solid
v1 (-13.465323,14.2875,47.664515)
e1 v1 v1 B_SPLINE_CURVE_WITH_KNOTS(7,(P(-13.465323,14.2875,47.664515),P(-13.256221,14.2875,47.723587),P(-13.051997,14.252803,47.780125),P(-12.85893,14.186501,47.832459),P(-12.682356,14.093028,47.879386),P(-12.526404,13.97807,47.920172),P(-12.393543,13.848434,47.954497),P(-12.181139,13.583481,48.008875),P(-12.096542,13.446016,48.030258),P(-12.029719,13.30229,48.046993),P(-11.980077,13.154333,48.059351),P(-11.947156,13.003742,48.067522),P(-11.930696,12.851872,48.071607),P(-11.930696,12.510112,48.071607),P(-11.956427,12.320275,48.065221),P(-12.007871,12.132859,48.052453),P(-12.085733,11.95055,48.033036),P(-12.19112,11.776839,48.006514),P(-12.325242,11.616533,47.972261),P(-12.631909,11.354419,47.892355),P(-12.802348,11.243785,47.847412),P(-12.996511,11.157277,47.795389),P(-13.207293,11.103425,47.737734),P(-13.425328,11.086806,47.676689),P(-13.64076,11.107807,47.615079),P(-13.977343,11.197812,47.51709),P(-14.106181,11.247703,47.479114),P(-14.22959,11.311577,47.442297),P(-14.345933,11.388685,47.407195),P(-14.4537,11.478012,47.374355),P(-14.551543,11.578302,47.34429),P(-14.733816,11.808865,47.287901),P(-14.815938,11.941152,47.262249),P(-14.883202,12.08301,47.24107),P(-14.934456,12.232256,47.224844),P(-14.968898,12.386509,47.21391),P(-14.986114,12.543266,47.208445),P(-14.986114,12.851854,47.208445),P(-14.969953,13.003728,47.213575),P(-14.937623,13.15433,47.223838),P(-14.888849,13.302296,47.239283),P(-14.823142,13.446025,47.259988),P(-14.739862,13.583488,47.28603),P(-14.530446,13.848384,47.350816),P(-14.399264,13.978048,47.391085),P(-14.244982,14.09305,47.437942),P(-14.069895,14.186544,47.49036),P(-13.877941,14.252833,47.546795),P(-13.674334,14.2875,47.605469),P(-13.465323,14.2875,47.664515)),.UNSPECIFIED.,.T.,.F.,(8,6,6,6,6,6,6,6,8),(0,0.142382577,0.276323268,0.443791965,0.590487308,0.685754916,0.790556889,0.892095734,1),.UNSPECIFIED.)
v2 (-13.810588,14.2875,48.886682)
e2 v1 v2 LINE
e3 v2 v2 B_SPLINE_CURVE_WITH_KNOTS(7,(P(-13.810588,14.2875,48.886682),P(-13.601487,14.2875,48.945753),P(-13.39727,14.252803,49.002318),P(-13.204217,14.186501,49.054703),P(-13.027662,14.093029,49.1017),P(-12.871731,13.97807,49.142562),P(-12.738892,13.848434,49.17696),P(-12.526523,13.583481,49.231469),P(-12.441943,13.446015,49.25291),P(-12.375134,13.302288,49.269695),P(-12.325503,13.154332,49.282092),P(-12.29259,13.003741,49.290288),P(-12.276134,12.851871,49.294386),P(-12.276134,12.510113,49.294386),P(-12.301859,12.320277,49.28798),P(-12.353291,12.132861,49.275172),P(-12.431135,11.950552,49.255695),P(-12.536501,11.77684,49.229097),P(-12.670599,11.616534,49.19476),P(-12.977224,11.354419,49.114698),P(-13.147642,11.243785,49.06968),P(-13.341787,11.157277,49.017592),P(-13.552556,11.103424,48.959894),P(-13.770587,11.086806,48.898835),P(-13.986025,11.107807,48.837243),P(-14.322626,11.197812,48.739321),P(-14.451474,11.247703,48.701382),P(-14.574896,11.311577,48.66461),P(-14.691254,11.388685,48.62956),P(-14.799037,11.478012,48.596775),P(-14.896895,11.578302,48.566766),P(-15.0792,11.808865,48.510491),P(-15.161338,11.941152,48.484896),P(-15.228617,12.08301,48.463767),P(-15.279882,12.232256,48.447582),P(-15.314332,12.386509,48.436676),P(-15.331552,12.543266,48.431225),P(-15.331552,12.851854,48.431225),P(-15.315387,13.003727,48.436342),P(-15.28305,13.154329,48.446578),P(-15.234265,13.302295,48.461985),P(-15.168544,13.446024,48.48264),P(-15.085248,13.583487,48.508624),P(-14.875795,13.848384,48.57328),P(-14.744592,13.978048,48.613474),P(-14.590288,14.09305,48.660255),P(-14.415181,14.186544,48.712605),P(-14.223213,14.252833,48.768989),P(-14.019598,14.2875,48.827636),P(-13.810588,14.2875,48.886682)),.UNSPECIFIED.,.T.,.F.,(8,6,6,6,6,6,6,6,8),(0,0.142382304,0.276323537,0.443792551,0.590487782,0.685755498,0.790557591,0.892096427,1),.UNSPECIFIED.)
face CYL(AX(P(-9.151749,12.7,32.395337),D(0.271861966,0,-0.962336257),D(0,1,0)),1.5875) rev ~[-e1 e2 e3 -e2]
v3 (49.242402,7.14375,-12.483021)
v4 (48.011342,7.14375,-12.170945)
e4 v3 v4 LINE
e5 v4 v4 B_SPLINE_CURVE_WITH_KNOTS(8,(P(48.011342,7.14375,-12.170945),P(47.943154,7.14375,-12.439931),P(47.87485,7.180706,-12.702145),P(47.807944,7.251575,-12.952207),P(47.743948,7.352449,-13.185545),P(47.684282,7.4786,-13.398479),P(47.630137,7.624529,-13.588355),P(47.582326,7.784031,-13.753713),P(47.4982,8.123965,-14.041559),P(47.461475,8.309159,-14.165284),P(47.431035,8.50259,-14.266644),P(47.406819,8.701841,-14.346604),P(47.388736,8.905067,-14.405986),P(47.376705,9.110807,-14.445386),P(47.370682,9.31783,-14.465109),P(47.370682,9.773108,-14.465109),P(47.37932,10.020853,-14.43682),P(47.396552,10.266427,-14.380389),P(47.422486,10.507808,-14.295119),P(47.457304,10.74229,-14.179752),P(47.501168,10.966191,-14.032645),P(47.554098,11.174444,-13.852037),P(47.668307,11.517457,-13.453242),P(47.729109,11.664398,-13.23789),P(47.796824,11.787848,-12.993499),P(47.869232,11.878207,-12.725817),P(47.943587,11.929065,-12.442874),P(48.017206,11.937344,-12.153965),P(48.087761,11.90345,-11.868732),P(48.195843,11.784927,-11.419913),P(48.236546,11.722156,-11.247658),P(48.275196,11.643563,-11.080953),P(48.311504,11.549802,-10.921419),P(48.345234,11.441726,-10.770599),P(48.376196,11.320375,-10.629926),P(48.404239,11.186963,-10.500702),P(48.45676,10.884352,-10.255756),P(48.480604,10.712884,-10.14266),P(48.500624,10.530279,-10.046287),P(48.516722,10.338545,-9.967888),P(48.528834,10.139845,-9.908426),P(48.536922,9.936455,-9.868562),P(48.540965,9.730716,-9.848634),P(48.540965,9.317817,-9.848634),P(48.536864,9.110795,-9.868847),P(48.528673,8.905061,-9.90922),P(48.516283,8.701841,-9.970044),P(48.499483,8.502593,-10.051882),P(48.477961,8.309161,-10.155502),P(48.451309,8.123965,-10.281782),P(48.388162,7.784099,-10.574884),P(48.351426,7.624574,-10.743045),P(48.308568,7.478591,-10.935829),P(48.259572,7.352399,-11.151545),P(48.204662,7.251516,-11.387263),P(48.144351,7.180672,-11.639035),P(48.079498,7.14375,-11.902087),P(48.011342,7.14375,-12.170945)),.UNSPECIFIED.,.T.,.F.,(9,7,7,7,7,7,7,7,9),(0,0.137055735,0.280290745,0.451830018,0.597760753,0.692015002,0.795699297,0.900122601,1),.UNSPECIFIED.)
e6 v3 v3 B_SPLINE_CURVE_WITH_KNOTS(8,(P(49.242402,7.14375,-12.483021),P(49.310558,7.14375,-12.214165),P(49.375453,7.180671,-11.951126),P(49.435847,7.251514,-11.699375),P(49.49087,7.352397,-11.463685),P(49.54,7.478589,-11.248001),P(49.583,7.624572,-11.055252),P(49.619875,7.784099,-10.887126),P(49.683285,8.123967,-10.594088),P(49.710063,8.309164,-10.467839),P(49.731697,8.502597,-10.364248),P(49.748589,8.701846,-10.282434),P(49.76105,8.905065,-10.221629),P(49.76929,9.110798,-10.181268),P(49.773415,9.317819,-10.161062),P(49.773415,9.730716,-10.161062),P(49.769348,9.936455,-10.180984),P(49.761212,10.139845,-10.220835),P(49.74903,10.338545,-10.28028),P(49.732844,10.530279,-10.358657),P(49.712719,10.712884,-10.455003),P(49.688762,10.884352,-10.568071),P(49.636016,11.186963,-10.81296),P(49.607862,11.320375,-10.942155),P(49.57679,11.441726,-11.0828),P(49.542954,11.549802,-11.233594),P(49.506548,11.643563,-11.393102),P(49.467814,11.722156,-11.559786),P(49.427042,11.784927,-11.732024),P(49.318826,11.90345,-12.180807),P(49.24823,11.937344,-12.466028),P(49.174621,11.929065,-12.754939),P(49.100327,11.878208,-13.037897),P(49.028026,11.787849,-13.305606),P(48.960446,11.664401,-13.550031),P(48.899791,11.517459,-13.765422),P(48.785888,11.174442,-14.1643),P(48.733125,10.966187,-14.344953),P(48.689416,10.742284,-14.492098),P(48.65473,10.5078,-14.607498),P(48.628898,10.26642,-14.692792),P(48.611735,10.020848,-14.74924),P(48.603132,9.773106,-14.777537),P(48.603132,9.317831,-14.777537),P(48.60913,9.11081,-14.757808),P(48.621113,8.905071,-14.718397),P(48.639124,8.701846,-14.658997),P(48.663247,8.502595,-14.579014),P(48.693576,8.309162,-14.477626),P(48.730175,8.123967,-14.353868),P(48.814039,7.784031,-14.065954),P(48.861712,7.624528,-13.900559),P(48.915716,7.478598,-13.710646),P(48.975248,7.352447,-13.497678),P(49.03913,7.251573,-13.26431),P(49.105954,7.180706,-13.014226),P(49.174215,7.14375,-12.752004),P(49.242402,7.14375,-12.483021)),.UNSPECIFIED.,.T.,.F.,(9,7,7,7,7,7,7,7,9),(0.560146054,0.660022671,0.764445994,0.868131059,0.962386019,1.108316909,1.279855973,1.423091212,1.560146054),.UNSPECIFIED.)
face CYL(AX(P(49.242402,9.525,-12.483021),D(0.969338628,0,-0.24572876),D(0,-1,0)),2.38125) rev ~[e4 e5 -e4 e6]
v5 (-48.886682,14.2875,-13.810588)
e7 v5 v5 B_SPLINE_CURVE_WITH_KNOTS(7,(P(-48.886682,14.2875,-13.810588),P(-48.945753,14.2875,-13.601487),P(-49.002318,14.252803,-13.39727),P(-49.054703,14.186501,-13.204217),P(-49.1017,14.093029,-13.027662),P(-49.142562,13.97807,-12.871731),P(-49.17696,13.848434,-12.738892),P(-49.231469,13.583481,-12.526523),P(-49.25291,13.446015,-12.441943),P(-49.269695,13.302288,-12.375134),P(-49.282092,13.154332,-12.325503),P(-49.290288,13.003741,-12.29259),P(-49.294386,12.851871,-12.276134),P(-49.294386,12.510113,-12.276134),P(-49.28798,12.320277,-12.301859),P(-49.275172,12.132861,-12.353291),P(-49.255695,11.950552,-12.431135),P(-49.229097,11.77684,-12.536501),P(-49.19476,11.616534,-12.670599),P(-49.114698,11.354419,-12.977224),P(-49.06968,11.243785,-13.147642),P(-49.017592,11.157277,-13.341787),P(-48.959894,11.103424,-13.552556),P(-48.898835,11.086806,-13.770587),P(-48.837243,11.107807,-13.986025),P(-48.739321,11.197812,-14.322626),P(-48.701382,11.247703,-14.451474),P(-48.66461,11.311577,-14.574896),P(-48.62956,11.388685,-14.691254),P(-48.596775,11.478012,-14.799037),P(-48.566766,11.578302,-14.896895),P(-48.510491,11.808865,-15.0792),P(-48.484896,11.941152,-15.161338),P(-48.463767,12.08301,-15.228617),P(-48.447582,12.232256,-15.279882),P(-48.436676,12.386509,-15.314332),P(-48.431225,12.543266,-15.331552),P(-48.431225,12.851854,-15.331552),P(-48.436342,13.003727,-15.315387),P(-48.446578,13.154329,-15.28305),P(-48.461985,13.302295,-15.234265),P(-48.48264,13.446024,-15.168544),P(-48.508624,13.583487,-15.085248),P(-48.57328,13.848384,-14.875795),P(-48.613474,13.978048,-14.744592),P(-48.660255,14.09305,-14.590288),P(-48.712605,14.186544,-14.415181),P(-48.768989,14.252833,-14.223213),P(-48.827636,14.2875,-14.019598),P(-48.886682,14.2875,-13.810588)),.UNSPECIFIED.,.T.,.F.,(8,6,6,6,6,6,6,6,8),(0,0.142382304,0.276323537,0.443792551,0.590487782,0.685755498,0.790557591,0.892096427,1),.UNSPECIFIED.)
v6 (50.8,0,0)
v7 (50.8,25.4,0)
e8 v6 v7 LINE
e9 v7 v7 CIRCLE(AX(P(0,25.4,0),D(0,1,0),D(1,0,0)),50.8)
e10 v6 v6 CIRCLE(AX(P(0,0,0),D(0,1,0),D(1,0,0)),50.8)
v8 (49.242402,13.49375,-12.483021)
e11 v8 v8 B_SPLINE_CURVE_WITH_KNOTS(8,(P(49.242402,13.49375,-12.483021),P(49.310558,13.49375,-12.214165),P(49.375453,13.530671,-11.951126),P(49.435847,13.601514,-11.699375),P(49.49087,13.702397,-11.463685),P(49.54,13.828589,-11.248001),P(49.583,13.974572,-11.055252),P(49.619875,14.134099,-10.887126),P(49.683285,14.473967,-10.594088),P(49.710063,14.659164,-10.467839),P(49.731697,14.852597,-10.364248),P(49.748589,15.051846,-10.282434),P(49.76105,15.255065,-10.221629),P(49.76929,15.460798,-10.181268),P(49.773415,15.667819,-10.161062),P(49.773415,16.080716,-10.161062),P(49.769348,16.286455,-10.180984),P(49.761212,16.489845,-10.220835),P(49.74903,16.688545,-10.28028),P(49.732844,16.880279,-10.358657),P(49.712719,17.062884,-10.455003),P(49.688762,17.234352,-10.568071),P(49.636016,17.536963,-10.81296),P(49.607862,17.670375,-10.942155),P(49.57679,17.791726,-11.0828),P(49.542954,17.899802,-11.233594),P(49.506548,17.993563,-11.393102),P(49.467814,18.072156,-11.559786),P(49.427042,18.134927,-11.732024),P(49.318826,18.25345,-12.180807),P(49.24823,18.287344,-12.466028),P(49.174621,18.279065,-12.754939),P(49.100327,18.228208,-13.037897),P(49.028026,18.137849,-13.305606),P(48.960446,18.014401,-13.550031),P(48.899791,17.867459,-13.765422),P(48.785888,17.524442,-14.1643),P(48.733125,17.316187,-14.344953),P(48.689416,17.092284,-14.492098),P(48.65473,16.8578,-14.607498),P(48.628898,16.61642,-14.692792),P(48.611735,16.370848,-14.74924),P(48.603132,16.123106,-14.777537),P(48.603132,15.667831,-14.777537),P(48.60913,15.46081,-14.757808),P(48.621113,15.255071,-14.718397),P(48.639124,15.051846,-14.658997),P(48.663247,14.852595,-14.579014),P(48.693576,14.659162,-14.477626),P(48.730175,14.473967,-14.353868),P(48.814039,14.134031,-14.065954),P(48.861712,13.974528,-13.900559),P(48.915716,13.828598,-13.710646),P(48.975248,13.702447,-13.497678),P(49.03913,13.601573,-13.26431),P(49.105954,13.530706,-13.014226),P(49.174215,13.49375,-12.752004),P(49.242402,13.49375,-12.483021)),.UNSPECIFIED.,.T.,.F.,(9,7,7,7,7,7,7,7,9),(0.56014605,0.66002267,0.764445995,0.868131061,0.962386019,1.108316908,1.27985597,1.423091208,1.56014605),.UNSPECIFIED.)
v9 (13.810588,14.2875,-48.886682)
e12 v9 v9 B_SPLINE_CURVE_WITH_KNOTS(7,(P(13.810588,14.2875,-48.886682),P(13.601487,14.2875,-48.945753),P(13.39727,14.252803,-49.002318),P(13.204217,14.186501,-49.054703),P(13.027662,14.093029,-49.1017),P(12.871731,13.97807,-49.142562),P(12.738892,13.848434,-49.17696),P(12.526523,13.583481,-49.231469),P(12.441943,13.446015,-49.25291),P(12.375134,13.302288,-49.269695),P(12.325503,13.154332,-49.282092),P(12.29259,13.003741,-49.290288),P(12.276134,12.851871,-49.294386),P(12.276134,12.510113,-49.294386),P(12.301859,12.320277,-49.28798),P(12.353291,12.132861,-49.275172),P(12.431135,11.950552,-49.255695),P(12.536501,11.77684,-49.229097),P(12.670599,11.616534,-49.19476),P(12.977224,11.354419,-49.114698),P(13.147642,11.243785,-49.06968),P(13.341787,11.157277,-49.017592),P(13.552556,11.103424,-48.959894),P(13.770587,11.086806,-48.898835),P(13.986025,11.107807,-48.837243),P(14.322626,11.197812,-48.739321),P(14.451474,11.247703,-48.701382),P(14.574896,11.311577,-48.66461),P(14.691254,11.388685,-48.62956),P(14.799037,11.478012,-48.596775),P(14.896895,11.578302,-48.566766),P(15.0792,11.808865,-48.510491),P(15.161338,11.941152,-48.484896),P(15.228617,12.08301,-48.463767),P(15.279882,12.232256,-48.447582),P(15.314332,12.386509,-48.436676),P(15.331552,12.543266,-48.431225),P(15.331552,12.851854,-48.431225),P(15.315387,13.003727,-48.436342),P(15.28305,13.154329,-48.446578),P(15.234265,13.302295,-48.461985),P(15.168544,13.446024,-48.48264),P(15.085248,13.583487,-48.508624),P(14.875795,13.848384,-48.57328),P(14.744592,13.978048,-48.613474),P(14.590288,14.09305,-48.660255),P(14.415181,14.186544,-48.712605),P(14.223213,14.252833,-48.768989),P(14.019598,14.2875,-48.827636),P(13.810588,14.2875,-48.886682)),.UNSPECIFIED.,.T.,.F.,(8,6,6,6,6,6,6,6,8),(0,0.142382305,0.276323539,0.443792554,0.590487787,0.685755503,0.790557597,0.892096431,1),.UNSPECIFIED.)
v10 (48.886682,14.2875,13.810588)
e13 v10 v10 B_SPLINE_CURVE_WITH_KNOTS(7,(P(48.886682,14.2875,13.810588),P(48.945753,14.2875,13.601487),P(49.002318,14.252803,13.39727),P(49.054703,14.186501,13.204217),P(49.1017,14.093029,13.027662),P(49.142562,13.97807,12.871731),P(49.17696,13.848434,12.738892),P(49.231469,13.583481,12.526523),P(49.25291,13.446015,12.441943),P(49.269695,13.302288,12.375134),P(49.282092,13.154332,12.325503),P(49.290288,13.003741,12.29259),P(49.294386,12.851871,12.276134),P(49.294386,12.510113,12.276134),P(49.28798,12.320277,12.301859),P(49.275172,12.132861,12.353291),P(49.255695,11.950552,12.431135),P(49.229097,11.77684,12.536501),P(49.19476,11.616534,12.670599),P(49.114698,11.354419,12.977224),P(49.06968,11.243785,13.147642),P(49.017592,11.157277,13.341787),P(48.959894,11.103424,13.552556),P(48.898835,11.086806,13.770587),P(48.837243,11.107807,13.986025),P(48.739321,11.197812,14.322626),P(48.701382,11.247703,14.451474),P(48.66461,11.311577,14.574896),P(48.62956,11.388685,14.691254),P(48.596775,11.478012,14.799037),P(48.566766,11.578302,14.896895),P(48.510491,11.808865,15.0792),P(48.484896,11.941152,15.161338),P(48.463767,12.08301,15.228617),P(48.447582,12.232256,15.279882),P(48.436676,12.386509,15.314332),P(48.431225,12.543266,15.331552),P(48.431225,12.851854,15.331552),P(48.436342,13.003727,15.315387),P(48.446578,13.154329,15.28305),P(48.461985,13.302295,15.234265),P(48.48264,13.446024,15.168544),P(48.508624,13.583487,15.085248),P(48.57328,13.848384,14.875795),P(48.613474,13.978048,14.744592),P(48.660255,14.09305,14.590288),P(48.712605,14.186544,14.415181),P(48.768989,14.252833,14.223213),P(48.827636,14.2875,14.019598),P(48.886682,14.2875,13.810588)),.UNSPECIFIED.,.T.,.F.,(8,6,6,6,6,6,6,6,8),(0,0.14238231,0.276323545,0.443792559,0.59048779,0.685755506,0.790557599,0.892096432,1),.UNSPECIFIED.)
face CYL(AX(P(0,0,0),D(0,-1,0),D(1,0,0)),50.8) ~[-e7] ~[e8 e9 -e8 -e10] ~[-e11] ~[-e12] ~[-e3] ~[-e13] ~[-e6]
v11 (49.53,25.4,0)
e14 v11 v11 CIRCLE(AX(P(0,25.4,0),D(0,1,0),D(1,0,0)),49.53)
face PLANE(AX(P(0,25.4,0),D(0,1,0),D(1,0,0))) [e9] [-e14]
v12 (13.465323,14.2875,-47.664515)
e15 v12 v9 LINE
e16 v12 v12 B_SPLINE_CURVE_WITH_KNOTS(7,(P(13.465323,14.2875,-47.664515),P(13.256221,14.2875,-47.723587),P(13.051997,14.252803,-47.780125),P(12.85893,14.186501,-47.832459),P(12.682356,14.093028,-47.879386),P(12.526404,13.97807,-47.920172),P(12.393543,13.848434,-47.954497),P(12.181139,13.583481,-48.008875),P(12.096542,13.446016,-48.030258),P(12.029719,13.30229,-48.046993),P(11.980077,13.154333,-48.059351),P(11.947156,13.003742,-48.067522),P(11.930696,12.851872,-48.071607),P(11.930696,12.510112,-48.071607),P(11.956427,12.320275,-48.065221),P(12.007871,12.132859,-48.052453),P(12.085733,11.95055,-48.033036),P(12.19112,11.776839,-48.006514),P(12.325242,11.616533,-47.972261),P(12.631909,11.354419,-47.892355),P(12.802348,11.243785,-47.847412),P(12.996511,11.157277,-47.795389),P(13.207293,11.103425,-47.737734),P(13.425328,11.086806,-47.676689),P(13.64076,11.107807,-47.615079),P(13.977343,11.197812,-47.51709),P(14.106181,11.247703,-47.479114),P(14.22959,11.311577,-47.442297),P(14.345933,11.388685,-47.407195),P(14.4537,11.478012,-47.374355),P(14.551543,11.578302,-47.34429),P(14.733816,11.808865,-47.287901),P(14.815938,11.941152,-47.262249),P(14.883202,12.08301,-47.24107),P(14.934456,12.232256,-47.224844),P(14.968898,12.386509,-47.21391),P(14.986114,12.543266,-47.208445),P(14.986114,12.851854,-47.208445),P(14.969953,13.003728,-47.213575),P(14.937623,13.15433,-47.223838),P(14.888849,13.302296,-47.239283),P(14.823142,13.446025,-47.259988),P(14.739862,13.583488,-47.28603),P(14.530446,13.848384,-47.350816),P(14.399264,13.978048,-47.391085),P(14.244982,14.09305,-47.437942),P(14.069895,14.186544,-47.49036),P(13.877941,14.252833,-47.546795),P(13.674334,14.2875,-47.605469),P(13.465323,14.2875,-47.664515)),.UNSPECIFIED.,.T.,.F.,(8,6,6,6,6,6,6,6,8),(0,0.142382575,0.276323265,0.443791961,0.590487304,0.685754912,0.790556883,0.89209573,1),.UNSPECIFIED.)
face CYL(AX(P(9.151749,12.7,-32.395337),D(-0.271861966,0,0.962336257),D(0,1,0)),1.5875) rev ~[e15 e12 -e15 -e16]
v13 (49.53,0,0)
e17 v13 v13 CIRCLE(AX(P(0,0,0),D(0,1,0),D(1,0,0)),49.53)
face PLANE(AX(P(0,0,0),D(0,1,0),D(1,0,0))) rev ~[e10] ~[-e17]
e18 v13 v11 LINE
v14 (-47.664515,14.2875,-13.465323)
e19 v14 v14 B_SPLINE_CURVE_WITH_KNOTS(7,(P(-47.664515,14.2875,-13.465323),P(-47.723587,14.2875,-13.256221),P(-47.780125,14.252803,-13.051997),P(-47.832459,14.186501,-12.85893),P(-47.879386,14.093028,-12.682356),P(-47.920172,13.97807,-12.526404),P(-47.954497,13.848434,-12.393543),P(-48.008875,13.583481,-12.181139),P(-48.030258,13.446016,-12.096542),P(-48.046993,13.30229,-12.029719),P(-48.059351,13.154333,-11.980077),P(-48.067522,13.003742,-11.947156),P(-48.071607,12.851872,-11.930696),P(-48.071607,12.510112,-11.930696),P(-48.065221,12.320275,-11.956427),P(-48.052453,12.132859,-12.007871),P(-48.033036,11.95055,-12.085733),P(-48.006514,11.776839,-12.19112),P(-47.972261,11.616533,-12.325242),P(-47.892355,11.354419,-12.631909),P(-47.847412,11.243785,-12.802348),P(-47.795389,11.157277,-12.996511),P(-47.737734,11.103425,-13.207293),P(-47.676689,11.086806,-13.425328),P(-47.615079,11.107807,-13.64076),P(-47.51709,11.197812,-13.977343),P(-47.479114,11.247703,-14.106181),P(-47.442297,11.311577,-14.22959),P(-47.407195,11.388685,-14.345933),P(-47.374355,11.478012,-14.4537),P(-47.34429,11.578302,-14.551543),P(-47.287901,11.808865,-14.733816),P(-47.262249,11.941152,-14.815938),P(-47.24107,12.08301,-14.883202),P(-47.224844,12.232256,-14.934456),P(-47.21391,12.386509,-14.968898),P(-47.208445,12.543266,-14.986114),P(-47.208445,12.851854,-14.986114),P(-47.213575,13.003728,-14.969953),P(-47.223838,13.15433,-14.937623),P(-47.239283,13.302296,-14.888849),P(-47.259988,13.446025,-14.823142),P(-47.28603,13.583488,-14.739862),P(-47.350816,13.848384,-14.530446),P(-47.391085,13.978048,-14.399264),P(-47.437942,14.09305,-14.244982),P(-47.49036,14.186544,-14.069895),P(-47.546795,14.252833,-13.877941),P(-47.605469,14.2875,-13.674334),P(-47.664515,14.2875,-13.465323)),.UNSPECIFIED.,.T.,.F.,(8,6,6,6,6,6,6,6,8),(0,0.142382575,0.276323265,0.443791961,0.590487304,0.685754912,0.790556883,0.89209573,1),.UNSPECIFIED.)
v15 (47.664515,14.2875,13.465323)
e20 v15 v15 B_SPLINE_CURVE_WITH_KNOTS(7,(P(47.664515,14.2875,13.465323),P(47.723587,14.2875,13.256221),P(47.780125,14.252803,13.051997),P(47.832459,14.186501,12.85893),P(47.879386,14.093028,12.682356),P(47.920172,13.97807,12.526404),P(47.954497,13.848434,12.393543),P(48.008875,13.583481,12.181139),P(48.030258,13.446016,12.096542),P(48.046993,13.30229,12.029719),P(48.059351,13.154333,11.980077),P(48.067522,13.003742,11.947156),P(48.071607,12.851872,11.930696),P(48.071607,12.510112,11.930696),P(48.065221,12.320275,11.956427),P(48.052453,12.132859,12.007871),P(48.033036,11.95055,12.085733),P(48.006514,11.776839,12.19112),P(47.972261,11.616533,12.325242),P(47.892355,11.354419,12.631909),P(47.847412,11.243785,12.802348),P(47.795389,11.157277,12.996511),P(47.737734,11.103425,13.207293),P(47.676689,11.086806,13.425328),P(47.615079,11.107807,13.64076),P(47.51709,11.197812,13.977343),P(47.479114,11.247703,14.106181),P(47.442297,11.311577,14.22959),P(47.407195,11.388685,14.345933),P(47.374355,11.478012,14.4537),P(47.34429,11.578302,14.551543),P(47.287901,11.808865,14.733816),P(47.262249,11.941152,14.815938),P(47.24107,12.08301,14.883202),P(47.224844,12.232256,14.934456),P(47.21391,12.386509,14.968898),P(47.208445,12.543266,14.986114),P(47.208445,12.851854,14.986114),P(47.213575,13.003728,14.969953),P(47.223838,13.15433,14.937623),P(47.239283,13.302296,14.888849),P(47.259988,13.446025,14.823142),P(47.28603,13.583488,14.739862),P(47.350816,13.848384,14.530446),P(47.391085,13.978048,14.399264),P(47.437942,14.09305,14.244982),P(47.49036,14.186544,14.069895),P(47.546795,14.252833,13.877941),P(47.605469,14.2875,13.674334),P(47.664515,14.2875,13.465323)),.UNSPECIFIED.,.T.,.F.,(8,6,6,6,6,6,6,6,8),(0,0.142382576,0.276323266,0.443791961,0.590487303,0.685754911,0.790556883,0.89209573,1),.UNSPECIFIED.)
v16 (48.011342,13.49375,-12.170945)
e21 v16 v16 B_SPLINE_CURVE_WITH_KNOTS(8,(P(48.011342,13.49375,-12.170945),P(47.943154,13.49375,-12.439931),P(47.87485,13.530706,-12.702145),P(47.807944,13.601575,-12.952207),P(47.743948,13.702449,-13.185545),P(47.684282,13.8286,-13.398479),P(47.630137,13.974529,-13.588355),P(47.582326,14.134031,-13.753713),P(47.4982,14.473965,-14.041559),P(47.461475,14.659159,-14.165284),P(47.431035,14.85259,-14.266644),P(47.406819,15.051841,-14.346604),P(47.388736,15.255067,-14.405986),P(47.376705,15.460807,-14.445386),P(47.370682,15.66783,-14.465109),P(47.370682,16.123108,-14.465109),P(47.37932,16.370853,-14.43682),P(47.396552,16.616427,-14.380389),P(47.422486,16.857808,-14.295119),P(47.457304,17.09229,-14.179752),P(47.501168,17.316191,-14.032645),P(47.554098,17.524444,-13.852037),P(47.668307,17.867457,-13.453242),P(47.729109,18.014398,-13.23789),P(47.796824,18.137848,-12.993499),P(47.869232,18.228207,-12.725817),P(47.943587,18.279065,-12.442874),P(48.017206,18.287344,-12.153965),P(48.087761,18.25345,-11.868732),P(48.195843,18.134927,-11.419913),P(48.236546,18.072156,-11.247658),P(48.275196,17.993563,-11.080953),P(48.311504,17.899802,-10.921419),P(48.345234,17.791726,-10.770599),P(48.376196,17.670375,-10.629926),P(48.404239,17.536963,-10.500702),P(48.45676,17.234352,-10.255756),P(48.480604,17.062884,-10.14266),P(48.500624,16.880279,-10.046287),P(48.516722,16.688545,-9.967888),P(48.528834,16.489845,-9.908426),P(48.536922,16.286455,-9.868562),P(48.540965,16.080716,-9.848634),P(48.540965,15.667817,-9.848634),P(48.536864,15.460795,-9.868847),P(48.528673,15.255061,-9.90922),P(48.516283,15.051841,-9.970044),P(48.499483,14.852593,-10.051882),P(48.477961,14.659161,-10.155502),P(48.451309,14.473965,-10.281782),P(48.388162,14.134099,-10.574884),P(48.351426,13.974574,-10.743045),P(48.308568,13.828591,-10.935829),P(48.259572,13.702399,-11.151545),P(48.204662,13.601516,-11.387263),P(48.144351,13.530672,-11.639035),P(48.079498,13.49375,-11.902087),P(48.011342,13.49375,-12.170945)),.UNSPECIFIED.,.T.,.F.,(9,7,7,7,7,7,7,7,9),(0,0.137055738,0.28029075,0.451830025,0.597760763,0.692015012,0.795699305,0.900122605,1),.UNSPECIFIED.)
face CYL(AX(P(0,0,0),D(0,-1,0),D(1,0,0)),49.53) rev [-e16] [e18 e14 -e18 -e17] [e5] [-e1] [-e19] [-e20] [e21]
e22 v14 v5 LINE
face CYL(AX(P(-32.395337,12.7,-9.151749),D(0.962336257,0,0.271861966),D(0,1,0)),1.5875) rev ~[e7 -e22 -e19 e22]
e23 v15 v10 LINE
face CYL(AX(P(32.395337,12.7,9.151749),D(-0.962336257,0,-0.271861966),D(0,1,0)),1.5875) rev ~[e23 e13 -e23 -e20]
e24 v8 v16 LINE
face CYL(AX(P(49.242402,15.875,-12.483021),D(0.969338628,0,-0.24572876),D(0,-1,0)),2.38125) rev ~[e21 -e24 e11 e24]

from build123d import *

# Parameters (mm, degrees)
SKETCH1_R           = 50.8
SKETCH1_R_2         = 49.53
BOSS_EXTRUDE1_DEPTH = 25.4
SKETCH2_R           = 2.38125
CUT_EXTRUDE1_DEPTH  = 25.4
SKETCH3_R           = 1.5875
CUT_EXTRUDE2_DEPTH  = 37.338
CIRPATTERN1_COUNT   = 4


with BuildPart() as part:
    # Sketch1 → Boss-Extrude1 (new body)
    with BuildSketch(Plane(origin=(0, 0, 0), x_dir=(1, 0, 0), z_dir=(0, 1, 0))):
        Circle(SKETCH1_R)
        Circle(SKETCH1_R_2, mode=Mode.SUBTRACT)
    extrude(amount=BOSS_EXTRUDE1_DEPTH)

    # Sketch2 → Cut-Extrude1 (cut)
    with BuildSketch(Plane(origin=(80.709285485, 206.333156205, 111.645979585), x_dir=(0, -1, 0), z_dir=(0.969338628, 0, -0.24572876))):
        with Locations((196.808156205, 128.055353348)):
            Circle(SKETCH2_R)
        with Locations((190.458156205, 128.055353348)):
            Circle(SKETCH2_R)
    extrude(amount=-CUT_EXTRUDE1_DEPTH, mode=Mode.SUBTRACT)

    # Sketch3 → Cut-Extrude2 (cut)
    with BuildSketch(Plane(origin=(-3.10026152, 207.778194099, 134.798971935), x_dir=(0, 1, 0), z_dir=(-0.962336257, 0, -0.271861966))):
        with Locations((-195.078194099, 130.56478129)):
            Circle(SKETCH3_R)
    cut_extrude2 = extrude(amount=-CUT_EXTRUDE2_DEPTH, mode=Mode.SUBTRACT)

    # CirPattern1: Cut-Extrude2 ×4 about axis
    cirpattern1_axis = Axis((0, 0, 0), (0, -1, 0))
    for i in range(1, CIRPATTERN1_COUNT):
        add(cut_extrude2.rotate(cirpattern1_axis, i * 360 / CIRPATTERN1_COUNT), mode=Mode.SUBTRACT)


solid = part.part
